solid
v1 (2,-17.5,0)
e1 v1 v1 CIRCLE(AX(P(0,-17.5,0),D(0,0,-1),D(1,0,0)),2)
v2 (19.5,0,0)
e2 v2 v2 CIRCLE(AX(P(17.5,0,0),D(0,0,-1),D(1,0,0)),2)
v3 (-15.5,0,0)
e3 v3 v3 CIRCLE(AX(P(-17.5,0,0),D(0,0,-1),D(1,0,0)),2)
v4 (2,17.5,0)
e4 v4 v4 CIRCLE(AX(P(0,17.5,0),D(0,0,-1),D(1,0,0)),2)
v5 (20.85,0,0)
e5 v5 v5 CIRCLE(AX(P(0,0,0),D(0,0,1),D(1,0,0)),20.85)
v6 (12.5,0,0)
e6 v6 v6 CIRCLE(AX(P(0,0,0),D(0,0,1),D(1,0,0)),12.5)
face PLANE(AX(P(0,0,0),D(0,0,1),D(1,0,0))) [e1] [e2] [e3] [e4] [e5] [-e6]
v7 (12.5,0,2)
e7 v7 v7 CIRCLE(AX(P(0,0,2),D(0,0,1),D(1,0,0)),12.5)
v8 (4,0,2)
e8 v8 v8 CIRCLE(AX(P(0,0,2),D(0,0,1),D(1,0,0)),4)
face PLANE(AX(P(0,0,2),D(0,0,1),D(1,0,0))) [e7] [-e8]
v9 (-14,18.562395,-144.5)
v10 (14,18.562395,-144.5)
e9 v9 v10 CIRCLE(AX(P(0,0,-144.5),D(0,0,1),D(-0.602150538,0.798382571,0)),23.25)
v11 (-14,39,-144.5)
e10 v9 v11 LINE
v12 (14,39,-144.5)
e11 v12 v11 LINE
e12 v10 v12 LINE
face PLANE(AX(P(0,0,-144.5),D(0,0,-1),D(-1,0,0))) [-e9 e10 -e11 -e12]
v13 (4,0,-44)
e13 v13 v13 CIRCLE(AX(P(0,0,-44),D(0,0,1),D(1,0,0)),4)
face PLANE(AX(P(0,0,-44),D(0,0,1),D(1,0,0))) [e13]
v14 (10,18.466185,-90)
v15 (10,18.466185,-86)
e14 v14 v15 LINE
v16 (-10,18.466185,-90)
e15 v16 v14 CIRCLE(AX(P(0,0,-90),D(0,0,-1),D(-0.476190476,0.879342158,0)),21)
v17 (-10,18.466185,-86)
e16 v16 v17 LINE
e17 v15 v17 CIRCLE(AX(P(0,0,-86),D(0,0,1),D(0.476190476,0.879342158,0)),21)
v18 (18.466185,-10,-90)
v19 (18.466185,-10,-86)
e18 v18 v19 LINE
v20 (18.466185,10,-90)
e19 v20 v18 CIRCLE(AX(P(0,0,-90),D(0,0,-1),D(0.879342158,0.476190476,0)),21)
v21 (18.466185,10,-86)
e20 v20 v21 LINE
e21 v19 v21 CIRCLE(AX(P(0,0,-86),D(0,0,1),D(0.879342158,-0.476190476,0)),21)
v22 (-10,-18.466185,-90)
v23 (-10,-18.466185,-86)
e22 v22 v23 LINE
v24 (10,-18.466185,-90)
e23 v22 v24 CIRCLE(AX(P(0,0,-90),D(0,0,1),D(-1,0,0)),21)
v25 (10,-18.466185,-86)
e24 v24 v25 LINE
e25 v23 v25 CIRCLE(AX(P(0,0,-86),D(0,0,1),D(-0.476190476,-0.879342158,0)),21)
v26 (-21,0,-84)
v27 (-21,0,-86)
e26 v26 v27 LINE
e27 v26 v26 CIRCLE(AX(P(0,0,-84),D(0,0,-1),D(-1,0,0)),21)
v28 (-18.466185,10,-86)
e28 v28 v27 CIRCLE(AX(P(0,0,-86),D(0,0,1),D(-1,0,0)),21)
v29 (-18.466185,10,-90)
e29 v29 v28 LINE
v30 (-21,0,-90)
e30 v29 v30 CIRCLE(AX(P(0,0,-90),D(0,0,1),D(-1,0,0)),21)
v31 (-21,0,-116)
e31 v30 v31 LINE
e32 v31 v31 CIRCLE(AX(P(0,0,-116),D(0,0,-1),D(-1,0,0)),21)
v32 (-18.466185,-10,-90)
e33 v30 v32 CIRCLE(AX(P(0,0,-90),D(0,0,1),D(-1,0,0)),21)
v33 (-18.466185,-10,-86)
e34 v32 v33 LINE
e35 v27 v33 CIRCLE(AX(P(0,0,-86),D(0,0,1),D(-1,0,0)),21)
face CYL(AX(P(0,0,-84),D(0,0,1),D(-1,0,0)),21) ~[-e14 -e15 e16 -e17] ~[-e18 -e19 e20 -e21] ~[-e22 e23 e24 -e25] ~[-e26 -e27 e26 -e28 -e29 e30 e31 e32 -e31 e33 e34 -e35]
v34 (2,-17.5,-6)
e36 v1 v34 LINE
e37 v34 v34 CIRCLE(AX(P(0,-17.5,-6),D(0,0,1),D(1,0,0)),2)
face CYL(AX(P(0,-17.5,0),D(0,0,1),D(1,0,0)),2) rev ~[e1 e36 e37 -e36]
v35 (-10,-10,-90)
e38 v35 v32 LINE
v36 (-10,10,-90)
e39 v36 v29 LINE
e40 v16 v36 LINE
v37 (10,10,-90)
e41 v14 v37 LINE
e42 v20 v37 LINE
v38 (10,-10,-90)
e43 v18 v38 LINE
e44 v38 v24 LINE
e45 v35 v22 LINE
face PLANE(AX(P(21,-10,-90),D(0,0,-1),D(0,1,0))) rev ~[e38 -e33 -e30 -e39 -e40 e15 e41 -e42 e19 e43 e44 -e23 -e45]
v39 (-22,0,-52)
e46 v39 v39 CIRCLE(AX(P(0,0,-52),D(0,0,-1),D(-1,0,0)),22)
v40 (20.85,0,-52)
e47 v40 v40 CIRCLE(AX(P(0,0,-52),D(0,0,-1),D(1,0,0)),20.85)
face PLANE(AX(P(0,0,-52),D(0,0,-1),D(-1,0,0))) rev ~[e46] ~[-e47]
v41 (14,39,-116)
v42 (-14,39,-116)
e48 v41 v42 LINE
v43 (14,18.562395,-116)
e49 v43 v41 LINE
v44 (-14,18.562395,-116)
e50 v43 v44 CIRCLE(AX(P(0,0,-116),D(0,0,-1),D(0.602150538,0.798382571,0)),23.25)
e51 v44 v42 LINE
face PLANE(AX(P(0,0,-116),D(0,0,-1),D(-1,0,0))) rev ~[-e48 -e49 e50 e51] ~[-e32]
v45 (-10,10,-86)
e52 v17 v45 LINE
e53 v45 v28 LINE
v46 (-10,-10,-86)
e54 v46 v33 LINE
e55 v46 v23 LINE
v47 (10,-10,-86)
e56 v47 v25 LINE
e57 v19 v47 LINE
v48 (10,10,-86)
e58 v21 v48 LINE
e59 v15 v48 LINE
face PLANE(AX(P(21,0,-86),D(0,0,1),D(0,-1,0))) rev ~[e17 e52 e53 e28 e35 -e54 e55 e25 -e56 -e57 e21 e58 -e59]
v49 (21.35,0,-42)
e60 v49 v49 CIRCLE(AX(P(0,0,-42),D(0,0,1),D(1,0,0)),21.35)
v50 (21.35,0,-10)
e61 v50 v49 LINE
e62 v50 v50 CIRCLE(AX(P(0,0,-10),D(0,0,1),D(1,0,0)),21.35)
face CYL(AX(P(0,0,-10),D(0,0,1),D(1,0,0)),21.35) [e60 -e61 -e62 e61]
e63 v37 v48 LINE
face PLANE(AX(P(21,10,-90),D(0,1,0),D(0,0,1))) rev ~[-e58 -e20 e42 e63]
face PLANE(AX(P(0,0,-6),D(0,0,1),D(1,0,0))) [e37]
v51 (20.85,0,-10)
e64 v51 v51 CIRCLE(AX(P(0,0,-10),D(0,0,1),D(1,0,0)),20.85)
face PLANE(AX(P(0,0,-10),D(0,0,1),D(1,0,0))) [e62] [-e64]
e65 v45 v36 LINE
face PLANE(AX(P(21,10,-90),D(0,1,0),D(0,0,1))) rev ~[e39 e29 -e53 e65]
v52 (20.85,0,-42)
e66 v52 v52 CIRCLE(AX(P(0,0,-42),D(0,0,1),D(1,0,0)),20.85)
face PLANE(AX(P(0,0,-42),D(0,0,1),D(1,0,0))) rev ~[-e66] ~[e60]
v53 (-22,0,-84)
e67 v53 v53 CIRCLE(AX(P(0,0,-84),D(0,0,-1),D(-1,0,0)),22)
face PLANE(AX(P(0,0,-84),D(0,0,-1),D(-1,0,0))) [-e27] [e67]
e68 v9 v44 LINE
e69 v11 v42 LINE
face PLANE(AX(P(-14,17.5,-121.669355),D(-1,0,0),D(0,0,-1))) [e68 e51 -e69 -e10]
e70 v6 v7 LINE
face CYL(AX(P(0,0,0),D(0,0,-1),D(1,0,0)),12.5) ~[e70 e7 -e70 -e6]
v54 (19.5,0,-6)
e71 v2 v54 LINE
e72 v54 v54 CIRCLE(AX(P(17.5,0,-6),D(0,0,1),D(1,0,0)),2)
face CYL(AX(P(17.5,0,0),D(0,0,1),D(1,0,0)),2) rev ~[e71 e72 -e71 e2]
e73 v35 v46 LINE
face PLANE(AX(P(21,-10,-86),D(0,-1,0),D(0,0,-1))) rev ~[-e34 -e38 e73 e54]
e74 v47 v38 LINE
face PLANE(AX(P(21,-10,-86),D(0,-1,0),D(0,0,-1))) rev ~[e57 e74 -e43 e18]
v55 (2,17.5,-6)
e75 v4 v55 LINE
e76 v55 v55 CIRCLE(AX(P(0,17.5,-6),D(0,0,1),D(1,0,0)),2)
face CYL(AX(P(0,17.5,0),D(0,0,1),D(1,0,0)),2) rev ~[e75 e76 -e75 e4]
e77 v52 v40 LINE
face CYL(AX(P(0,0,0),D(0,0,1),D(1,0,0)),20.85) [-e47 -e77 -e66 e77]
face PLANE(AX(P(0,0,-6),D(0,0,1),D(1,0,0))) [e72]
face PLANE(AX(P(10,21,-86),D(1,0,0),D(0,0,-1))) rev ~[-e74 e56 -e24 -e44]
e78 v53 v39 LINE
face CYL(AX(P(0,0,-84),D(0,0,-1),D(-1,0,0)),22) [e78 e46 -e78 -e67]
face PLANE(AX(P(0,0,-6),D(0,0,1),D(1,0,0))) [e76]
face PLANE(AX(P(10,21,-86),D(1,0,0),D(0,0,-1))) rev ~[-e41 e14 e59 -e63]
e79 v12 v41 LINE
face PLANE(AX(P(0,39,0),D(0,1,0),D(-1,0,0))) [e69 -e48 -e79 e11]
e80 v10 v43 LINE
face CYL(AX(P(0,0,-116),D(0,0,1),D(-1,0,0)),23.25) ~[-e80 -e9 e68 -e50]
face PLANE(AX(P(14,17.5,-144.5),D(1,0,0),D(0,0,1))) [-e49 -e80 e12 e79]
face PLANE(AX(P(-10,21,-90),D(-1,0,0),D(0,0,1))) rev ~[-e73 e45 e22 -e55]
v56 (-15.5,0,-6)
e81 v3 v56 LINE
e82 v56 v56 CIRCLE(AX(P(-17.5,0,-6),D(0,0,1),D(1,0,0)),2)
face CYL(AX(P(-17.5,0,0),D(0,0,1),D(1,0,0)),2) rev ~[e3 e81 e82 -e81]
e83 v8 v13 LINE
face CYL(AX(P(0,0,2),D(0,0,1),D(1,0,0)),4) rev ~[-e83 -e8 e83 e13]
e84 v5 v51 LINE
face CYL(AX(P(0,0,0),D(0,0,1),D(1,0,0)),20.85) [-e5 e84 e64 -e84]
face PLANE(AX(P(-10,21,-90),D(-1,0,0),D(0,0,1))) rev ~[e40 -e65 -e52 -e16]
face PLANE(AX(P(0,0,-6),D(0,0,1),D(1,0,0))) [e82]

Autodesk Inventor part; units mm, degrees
ref_plane "YZ Plane" through (0, 0, 0) normal (1, 0, 0) x (0, 1, 0)
ref_plane "XY Plane" through (0, 0, 0) normal (0, 0, 1) x (1, 0, 0)
sketch "Sketch1" plane through (0, 0, 0) normal (0, 0, 1) x (1, 0, 0)
  circle A0 centre (0, 0) radius 20.85
  dimension "d0" = 41.7
extrude "Extrusion1" add sketch "Sketch1" against normal blind 116
ref_plane "Work Plane3" through (0, 0, -44) normal (0, 0, -1) x (-1, 0, 0)
ref_plane "Work Plane2" through (0, 0, -52) normal (0, 0, -1) x (-1, 0, 0)
sketch "Sketch2" plane through (0, 0, -84) normal (0, 0, -1) x (-1, 0, 0)
  circle A0 centre (0, 0) radius 20.85 projected
  circle A1 centre (0, 0) radius 21
  dimension "d6" = 42
extrude "Extrusion2" add sketch "Sketch2" along normal up to surface (32 mm away)
sketch "Sketch3" plane through (0, 0, -84) normal (0, 0, -1) x (-1, 0, 0)
  circle A0 centre (0, 0) radius 22
  circle A1 centre (0, 0) radius 20.85 projected
  dimension "d9" = 44
extrude "Extrusion3" add sketch "Sketch3" against normal up to surface (32 mm away)
sketch "Sketch4" plane through (0, 0, 0) normal (0, 0, 1) x (1, 0, 0)
  circle A0 centre (0, 0) radius 17.5
  circle A1 centre (0, 17.5) radius 2
  circle A2 centre (-17.5, 0) radius 2
  circle A3 centre (0, -17.5) radius 2
  circle A4 centre (17.5, 0) radius 2
  dimension "d12" = 35
  dimension "d13" = 4
  dimension "d16" = 360
extrude "Extrusion4" cut sketch "Sketch4" against normal blind 6 contours A0 A4 | A0 A4 | A1 A0 | A0 A1 | A3 A0 | A0 A3 | A2 A0 | A0 A2
sketch "Sketch5" plane through (0, 0, 0) normal (0, 0, 1) x (1, 0, 0)
  circle A0 centre (0, 0) radius 12.5
  dimension "d20" = 25
extrude "Extrusion5" add sketch "Sketch5" along normal blind 2
sketch "Sketch6" plane through (0, 0, 2) normal (0, 0, 1) x (1, 0, 0)
  circle A0 centre (0, 0) radius 4
  dimension "d23" = 8
extrude "Extrusion6" cut sketch "Sketch6" against normal up to surface (46 mm away)
sketch "Sketch7" plane through (0, 0, -116) normal (0, 0, -1) x (-1, 0, 0)
  circle A0 centre (0, 0) radius 23.25
  circle A1 centre (0, 0) radius 21 projected
  dimension "d26" = 46.5
  dimension "d27" = 42
extrude "Extrusion7" add sketch "Sketch7" along normal blind 28.5 contours A0 | A1
ref_plane "Work Plane4" through (0, 17.5, 0) normal (0, 1, 0) x (-1, 0, 0)
sketch "Sketch8" plane through (0, 17.5, 0) normal (0, 1, 0) x (-1, 0, 0)
  line L0 (-23.25, -144.5) -> (23.25, -144.5) projected
  line L1 (-23.25, -116) -> (23.25, -116) projected
  line L2 (-23.25, -116) -> (23.25, -116) projected
  line L3 (-23.25, -144.5) -> (23.25, -144.5) projected
  line L4 (23.25, -116) -> (-23.25, -144.5)
  line L5 (-14, -116) -> (14, -116)
  line L6 (14, -116) -> (14, -144.5)
  line L7 (14, -144.5) -> (-14, -144.5)
  line L8 (-14, -144.5) -> (-14, -116)
  line L9 (-14, -116) -> (14, -144.5) construction
  line L10 (14, -116) -> (-14, -144.5) construction
  point P0 (0, 0)
  point P1 (0, -130.25)
  dimension "d31" = 28
extrude "Extrusion8" add sketch "Sketch8" along normal blind 21.5 contours L8 L4 L6 L0 | L8 L1 L6 L4
ref_plane "Work Plane5" through (0, 0, -42) normal (0, 0, 1) x (1, 0, 0)
ref_plane "Work Plane6" through (0, 0, -10) normal (0, 0, 1) x (1, 0, 0)
sketch "Sketch9" plane through (0, 0, -10) normal (0, 0, 1) x (1, 0, 0)
  circle A0 centre (0, 0) radius 12.5 projected
  circle A1 centre (-17.5, 0) radius 2 projected
  circle A2 centre (0, 17.5) radius 2 projected
  circle A3 centre (0, -17.5) radius 2 projected
  circle A4 centre (17.5, 0) radius 2 projected
  circle A5 centre (0, 0) radius 20.85 projected
  circle A6 centre (0, 0) radius 4 projected
  circle A7 centre (0, 0) radius 21.35
  dimension "d36" = 42.7
extrude "Extrusion9" add sketch "Sketch9" against normal up to surface (32 mm away) contours A7
ref_plane "Work Plane7" through (0, 21, 0) normal (0, 1, 0) x (-1, 0, 0)
sketch "Sketch10" plane through (0, 21, 0) normal (0, 1, 0) x (-1, 0, 0)
  line L0 (-21, -84) -> (21, -84) projected
  line L1 (-21, -116) -> (21, -116) projected
  line L2 (-21, -84) -> (21, -84) projected
  line L3 (0, -84) -> (0, -88)
  line L4 (-10, -90) -> (10, -90)
  line L5 (10, -90) -> (10, -86)
  line L6 (10, -86) -> (-10, -86)
  line L7 (-10, -86) -> (-10, -90)
  line L8 (-10, -90) -> (10, -86) construction
  line L9 (10, -90) -> (-10, -86) construction
  point P0 (0, 0)
  dimension "d40" = 4
  dimension "d41" = 20
  dimension "d42" = 4
extrude "Extrusion10" cut sketch "Sketch10" against normal through all
pattern_circular "Circular Pattern1" count 2 over 90 about axis through (0, 0, -84) along (0, 0, -1) of "Extrusion10"
thread "Thread1" size "M4x0.7" class "6H" standard "ANSI Metric M Profile" length 146
thread "Thread2" size "M4x0.7" class "6H" standard "ANSI Metric M Profile" length 146
thread "Thread3" size "M4x0.7" class "6H" standard "ANSI Metric M Profile" length 146
thread "Thread4" size "M4x0.7" class "6H" standard "ANSI Metric M Profile" length 146
ref_plane "Work Plane1" through (0, 0, -84) normal (0, 0, -1) x (-1, 0, 0)
properties part number "motorbody"
